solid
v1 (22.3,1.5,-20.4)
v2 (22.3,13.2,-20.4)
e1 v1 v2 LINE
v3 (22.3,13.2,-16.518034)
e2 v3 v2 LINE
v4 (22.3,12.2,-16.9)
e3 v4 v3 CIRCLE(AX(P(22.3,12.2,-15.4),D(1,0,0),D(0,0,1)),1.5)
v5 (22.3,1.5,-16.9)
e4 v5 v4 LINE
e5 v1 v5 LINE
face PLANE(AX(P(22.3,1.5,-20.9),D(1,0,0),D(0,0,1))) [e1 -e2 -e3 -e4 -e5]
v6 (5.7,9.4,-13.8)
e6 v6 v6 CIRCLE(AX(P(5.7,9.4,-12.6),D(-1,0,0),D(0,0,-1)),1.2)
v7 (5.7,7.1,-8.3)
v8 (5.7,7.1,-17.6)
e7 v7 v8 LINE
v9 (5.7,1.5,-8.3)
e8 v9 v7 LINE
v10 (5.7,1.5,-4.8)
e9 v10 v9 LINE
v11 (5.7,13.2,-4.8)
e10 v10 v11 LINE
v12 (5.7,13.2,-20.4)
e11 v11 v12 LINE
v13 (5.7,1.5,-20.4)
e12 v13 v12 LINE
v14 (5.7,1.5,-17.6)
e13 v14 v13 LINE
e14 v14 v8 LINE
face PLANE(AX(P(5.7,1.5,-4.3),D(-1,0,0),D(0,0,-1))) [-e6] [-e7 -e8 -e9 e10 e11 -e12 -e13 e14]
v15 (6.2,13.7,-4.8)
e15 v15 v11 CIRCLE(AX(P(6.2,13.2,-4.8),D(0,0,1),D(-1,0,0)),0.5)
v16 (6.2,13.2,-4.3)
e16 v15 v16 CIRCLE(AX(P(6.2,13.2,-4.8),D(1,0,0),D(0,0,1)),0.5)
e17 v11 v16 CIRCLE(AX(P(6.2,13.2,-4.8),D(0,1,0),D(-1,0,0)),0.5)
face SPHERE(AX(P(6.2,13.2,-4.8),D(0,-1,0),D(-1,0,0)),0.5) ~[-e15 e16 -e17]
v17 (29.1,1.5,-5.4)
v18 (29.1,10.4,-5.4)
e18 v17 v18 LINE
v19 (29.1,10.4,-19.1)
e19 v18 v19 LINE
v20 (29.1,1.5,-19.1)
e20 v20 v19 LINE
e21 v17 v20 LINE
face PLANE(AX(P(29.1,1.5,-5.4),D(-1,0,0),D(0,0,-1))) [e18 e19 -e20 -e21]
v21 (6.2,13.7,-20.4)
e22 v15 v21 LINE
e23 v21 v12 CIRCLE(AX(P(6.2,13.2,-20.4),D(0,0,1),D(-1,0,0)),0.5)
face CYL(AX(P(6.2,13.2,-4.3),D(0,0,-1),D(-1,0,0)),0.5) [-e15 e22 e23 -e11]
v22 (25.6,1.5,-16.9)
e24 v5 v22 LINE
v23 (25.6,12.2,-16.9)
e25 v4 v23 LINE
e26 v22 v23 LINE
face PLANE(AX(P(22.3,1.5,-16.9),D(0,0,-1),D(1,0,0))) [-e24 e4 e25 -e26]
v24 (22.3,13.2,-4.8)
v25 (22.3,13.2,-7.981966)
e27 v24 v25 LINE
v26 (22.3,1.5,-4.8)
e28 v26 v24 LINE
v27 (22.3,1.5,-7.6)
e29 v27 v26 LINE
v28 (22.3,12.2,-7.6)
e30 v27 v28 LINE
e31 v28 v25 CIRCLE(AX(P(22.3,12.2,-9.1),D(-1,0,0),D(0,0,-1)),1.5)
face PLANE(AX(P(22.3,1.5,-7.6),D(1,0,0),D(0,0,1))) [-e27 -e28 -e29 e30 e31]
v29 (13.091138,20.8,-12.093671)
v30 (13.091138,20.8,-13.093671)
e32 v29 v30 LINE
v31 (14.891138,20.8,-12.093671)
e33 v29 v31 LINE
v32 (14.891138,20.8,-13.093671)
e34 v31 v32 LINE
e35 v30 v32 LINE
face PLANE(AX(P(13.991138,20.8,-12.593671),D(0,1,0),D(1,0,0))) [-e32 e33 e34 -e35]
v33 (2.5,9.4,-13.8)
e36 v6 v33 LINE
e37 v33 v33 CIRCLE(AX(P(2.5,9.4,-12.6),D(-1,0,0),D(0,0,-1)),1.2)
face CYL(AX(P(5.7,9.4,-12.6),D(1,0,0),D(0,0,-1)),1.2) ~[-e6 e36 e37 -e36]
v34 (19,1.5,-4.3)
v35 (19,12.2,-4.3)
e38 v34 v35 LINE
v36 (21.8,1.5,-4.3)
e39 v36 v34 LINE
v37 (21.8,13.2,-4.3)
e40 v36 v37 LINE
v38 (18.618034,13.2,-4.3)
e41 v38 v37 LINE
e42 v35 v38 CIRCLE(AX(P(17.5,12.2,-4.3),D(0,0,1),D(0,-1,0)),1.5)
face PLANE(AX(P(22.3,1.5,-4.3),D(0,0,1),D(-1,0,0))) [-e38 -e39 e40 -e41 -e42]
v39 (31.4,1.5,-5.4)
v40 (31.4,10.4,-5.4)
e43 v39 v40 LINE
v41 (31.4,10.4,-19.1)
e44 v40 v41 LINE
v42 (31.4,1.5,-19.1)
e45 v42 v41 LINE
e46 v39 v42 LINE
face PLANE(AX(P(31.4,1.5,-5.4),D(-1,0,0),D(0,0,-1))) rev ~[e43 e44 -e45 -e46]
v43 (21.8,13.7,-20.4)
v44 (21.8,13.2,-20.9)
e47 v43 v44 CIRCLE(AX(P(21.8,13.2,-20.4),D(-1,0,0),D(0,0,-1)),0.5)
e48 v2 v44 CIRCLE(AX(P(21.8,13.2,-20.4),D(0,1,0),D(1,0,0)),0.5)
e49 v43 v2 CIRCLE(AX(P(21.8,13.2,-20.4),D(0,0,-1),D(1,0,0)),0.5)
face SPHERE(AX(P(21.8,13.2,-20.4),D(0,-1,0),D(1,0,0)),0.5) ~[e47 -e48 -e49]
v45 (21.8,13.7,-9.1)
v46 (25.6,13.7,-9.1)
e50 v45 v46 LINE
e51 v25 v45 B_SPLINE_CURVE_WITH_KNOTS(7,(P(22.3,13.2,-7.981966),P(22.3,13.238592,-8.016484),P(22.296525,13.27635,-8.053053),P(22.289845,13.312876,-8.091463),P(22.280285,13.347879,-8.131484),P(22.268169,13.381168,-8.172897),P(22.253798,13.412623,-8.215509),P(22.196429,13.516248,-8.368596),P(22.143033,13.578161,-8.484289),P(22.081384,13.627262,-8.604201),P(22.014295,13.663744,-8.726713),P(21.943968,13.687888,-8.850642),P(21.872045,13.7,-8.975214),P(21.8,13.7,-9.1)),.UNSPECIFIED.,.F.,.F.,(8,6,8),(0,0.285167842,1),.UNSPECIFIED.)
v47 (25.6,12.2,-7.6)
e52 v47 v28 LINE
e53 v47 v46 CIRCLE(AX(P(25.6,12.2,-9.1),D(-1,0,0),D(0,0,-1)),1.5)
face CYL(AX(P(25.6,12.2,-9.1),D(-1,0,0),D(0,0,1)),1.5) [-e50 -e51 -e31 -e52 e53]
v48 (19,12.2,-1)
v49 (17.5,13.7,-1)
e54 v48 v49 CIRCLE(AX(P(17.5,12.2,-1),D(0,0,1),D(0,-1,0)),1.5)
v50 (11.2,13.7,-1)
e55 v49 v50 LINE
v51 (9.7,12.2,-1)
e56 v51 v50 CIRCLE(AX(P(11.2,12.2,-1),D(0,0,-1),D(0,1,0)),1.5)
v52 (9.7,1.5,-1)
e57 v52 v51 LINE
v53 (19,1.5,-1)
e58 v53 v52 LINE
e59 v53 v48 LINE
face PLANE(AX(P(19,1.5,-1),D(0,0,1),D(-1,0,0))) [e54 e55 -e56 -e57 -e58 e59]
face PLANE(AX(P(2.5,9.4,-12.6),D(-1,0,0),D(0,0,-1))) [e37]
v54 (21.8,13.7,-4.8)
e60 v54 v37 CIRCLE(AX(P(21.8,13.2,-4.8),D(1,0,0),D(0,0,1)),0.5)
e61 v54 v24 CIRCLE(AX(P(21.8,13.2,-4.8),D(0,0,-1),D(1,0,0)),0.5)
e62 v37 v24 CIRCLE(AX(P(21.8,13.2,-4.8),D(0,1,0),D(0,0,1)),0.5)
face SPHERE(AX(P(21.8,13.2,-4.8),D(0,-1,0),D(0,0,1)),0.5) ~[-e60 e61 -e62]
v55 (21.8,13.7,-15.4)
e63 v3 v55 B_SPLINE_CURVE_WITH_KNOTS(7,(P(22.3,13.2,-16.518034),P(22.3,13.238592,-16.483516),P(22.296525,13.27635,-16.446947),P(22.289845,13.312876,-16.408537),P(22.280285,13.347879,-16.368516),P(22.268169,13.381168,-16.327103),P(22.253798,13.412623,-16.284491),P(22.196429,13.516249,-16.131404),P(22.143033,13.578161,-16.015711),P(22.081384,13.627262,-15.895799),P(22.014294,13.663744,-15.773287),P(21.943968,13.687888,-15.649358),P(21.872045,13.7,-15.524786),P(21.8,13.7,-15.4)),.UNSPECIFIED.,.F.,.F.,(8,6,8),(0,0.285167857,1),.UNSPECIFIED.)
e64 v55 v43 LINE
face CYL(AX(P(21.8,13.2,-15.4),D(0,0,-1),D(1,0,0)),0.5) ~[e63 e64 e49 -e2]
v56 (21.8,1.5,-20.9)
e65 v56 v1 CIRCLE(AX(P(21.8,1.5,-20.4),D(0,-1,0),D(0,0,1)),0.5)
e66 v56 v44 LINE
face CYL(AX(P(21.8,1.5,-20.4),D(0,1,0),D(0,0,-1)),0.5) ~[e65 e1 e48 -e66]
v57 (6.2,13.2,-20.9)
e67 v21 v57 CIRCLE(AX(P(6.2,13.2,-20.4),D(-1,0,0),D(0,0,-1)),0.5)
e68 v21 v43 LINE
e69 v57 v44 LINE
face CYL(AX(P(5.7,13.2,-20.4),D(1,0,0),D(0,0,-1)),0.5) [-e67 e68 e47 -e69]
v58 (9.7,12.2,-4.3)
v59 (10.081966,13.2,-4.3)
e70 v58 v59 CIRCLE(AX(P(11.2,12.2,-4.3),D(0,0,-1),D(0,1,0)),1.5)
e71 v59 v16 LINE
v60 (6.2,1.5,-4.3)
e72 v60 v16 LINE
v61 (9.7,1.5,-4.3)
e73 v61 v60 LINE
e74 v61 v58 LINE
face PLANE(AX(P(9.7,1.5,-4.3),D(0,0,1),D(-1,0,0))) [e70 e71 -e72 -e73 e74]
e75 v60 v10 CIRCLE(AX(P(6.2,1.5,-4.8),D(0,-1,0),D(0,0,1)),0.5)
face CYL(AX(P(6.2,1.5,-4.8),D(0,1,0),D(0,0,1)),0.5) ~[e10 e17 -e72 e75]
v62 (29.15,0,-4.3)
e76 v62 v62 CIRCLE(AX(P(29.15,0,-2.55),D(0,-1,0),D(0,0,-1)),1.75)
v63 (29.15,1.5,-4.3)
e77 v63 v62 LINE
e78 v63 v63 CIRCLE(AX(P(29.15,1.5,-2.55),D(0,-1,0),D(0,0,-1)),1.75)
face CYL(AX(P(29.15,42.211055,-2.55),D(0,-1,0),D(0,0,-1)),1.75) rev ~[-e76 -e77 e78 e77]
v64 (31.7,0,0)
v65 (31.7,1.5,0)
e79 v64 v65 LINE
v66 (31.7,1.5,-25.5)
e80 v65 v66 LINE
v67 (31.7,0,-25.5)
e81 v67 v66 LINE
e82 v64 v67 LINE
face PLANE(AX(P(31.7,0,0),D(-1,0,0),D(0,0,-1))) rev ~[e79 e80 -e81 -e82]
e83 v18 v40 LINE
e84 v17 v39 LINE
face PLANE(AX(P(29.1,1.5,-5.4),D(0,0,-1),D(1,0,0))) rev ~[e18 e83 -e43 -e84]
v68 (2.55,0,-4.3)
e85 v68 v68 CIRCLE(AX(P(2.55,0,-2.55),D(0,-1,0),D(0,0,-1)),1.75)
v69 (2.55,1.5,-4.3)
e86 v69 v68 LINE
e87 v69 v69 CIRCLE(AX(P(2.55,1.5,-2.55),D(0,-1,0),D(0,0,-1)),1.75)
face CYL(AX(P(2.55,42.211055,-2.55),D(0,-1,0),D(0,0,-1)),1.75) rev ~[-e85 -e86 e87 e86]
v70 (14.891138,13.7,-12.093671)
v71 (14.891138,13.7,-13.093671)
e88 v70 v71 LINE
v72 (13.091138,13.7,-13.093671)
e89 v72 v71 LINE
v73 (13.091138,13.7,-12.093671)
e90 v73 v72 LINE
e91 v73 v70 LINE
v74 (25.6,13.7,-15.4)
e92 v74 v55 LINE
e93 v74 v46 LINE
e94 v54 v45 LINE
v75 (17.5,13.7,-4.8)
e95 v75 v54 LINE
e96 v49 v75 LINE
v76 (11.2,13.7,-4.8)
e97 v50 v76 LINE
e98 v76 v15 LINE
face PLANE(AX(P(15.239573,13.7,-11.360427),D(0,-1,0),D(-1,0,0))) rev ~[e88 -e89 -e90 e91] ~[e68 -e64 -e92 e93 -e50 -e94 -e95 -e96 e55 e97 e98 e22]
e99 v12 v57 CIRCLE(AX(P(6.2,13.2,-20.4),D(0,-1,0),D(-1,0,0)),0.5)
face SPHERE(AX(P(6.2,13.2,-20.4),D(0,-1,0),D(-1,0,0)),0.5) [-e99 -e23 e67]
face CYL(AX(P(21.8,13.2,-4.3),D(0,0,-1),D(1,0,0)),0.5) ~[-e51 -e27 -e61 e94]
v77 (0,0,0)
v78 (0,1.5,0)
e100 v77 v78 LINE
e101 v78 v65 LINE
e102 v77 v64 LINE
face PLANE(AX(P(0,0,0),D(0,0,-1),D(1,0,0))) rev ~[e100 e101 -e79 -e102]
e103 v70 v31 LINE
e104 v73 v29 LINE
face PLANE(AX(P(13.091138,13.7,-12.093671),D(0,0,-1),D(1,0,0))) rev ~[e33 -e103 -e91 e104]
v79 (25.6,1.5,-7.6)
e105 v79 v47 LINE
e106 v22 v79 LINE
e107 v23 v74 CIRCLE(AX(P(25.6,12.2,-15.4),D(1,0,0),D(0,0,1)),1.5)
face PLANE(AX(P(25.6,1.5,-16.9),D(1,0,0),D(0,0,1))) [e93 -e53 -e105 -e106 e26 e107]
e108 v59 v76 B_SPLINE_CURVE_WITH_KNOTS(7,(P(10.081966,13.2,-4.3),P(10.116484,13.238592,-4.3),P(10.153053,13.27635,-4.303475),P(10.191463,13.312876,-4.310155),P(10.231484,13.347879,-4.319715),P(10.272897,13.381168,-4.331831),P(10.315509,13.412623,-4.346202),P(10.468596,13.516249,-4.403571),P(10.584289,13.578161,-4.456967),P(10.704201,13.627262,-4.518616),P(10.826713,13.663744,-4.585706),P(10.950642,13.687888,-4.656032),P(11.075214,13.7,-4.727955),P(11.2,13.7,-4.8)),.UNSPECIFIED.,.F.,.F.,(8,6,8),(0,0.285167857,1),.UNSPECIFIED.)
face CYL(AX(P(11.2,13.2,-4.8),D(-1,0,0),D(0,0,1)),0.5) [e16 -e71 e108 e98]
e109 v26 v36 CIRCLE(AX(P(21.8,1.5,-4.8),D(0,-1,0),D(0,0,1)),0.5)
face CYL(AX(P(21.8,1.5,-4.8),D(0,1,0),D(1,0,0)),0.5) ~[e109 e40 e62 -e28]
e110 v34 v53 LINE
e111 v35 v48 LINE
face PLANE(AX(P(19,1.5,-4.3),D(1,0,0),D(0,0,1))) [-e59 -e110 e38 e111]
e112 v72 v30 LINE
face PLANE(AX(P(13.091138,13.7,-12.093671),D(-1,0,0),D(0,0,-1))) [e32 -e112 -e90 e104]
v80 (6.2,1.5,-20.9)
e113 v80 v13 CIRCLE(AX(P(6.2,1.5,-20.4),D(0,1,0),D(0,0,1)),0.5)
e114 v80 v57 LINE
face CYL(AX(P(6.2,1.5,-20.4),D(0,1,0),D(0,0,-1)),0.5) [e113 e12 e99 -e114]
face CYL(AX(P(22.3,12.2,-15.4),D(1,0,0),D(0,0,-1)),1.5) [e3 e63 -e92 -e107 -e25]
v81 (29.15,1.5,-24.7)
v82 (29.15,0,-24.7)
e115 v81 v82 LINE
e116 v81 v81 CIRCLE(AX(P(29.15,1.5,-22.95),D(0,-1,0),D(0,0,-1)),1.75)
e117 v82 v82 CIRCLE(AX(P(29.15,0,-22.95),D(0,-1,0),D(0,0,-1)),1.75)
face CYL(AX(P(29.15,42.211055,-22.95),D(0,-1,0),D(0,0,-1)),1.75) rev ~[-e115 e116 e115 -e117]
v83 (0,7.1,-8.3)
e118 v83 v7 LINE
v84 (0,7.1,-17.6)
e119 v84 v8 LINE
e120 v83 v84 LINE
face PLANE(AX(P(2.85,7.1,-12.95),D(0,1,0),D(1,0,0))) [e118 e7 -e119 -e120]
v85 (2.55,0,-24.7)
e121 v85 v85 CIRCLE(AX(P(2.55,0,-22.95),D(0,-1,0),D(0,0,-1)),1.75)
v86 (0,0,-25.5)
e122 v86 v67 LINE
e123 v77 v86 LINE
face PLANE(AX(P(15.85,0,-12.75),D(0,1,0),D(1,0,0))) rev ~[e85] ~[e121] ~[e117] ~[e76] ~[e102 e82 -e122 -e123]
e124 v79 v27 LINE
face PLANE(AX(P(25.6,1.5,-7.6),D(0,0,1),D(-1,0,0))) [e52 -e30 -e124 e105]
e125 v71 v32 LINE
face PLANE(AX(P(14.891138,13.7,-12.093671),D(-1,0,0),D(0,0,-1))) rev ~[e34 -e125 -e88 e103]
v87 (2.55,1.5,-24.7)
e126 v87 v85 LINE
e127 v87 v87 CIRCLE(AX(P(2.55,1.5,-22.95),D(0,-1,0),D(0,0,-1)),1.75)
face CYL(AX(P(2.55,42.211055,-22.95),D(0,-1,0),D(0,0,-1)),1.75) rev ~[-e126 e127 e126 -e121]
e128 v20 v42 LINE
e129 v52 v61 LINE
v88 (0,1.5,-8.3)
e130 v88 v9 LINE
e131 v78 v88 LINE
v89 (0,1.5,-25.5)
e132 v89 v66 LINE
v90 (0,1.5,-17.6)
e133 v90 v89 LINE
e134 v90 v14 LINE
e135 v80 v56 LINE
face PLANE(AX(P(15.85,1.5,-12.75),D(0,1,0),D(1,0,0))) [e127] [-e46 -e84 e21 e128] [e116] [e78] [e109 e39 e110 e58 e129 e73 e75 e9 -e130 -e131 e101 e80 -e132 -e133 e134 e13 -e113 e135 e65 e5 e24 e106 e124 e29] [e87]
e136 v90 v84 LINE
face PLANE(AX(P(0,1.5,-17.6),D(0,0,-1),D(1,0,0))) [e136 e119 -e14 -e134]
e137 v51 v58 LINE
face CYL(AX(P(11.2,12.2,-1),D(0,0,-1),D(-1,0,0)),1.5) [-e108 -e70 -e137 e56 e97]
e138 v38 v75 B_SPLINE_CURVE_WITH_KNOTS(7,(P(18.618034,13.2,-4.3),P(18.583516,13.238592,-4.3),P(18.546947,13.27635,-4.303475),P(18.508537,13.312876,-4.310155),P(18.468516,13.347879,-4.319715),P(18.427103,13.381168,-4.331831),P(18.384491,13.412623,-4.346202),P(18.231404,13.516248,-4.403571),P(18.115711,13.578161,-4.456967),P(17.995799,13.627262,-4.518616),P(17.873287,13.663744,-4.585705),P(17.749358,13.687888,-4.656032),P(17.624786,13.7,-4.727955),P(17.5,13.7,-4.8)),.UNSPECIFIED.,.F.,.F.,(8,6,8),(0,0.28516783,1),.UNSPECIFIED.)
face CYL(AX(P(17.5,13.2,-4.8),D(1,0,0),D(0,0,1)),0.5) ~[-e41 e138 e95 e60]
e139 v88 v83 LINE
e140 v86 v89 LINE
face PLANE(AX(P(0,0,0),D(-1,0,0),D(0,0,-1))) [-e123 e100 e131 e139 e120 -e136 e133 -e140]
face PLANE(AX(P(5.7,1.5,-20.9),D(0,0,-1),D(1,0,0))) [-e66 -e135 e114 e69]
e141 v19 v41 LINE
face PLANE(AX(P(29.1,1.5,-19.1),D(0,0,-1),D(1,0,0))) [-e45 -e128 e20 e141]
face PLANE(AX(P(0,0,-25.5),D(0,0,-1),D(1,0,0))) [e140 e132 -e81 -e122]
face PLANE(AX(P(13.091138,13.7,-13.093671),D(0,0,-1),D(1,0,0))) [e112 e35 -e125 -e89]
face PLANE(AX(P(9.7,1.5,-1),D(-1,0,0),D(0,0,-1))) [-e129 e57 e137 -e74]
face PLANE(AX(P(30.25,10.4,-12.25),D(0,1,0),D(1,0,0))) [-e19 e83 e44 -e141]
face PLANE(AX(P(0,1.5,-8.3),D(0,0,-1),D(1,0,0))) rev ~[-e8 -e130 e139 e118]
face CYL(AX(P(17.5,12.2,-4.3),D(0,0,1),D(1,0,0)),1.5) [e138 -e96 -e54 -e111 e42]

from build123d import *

# Parameters (mm, degrees)
SKETCH1_W                       = 31.7
SKETCH1_H                       = 25.5
BOSS_EXTRUDE1_DEPTH             = 1.5
F_3_0MM_DOWEL_HOLE1_D           = 3.5
F_3_0MM_DOWEL_HOLE1_ON_FACE_2_D = 3.5
BOSS_EXTRUDE2_DEPTH             = 12.2
SKETCH5_W                       = 2.3
SKETCH5_H                       = 13.7
BOSS_EXTRUDE3_DEPTH             = 8.9
SKETCH6_W                       = 5.7
SKETCH6_H                       = 9.3
BOSS_EXTRUDE4_DEPTH             = 5.6
SKETCH7_R                       = 1.2
BOSS_EXTRUDE5_DEPTH             = 3.2
FILLET2_R                       = 1.5
FILLET1_R                       = 0.5
SKETCH8_W                       = 1.8
SKETCH8_H                       = 1
BOSS_EXTRUDE6_DEPTH             = 7.1


with BuildPart() as part:
    # Sketch1 → Boss-Extrude1 (new body)
    with BuildSketch(Plane(origin=(0, 0, 0), x_dir=(1, 0, 0), z_dir=(0, 1, 0))):
        with Locations((15.85, 12.75)):
            Rectangle(SKETCH1_W, SKETCH1_H)
    extrude(amount=BOSS_EXTRUDE1_DEPTH)

    # Ø3.0mm Dowel Hole1 (through all)
    with Locations(Plane(origin=(2.55, 1.5, -22.95), x_dir=(0, 0, 1), z_dir=(0, 1, 0))):
        with Locations((0, 0), (0, 26.6), (20.4, 26.6), (20.4, 0)):
            Hole(F_3_0MM_DOWEL_HOLE1_D / 2)

    # Ø3.0mm Dowel Hole1 on face 2 (through all)
    with Locations(Plane(origin=(39.661564938, 0, -26.520963617), x_dir=(0, 0, 1), z_dir=(0, 1, 0))):
        with Locations((0, 0)):
            Hole(F_3_0MM_DOWEL_HOLE1_ON_FACE_2_D / 2)

    # Sketch4 → Boss-Extrude2 (add)
    with BuildSketch(Plane(origin=(0, 1.5, 0), x_dir=(1, 0, 0), z_dir=(0, 1, 0))):
        Polygon((5.7, 20.9), (22.3, 20.9), (22.3, 16.9), (25.6, 16.9), (25.6, 7.6), (22.3, 7.6), (22.3, 4.3), (19, 4.3), (19, 1), (9.7, 1), (9.7, 4.3), (5.7, 4.3), align=None)
    extrude(amount=BOSS_EXTRUDE2_DEPTH)

    # Sketch5 → Boss-Extrude3 (add)
    with BuildSketch(Plane(origin=(0, 1.5, 0), x_dir=(1, 0, 0), z_dir=(0, 1, 0))):
        with Locations((30.25, 12.25)):
            Rectangle(SKETCH5_W, SKETCH5_H)
    extrude(amount=BOSS_EXTRUDE3_DEPTH)

    # Sketch6 → Boss-Extrude4 (add)
    with BuildSketch(Plane(origin=(0, 1.5, 0), x_dir=(1, 0, 0), z_dir=(0, 1, 0))):
        with Locations((2.85, 12.95)):
            Rectangle(SKETCH6_W, SKETCH6_H)
    extrude(amount=BOSS_EXTRUDE4_DEPTH)

    # Sketch7 → Boss-Extrude5 (add)
    with BuildSketch(Plane.ZY.offset(-5.7)):
        with Locations(Location((-12.6, 9.4, 0), (0, 0, 180))):
            Circle(SKETCH7_R)
    extrude(amount=BOSS_EXTRUDE5_DEPTH)

    # Fillet2
    fillet2_edges = [part.edges().sort_by_distance(p)[0] for p in [
        (9.7, 13.7, -2.65),
        (19, 13.7, -2.65),
        (23.95, 13.7, -7.6),
        (23.95, 13.7, -16.9),
    ]]
    fillet(fillet2_edges, radius=FILLET2_R)

    # Fillet1
    fillet1_edges = [part.edges().sort_by_distance(p)[0] for p in [
        (5.7, 7.6, -20.9),
        (5.7, 7.6, -4.3),
        (22.3, 7.6, -4.3),
        (22.3, 7.6, -20.9),
        (5.7, 13.7, -12.6),
        (8.45, 13.7, -4.3),
        (19.9, 13.7, -4.3),
        (22.3, 13.7, -6.7),
        (22.3, 13.7, -18.15),
        (14, 13.7, -20.9),
    ]]
    fillet(fillet1_edges, radius=FILLET1_R)

    # Sketch8 → Boss-Extrude6 (add)
    with BuildSketch(Plane(origin=(0, 13.7, 0), x_dir=(1, 0, 0), z_dir=(0, 1, 0))):
        with Locations((13.991138348, 12.593671102)):
            Rectangle(SKETCH8_W, SKETCH8_H)
    extrude(amount=BOSS_EXTRUDE6_DEPTH)


solid = part.part
